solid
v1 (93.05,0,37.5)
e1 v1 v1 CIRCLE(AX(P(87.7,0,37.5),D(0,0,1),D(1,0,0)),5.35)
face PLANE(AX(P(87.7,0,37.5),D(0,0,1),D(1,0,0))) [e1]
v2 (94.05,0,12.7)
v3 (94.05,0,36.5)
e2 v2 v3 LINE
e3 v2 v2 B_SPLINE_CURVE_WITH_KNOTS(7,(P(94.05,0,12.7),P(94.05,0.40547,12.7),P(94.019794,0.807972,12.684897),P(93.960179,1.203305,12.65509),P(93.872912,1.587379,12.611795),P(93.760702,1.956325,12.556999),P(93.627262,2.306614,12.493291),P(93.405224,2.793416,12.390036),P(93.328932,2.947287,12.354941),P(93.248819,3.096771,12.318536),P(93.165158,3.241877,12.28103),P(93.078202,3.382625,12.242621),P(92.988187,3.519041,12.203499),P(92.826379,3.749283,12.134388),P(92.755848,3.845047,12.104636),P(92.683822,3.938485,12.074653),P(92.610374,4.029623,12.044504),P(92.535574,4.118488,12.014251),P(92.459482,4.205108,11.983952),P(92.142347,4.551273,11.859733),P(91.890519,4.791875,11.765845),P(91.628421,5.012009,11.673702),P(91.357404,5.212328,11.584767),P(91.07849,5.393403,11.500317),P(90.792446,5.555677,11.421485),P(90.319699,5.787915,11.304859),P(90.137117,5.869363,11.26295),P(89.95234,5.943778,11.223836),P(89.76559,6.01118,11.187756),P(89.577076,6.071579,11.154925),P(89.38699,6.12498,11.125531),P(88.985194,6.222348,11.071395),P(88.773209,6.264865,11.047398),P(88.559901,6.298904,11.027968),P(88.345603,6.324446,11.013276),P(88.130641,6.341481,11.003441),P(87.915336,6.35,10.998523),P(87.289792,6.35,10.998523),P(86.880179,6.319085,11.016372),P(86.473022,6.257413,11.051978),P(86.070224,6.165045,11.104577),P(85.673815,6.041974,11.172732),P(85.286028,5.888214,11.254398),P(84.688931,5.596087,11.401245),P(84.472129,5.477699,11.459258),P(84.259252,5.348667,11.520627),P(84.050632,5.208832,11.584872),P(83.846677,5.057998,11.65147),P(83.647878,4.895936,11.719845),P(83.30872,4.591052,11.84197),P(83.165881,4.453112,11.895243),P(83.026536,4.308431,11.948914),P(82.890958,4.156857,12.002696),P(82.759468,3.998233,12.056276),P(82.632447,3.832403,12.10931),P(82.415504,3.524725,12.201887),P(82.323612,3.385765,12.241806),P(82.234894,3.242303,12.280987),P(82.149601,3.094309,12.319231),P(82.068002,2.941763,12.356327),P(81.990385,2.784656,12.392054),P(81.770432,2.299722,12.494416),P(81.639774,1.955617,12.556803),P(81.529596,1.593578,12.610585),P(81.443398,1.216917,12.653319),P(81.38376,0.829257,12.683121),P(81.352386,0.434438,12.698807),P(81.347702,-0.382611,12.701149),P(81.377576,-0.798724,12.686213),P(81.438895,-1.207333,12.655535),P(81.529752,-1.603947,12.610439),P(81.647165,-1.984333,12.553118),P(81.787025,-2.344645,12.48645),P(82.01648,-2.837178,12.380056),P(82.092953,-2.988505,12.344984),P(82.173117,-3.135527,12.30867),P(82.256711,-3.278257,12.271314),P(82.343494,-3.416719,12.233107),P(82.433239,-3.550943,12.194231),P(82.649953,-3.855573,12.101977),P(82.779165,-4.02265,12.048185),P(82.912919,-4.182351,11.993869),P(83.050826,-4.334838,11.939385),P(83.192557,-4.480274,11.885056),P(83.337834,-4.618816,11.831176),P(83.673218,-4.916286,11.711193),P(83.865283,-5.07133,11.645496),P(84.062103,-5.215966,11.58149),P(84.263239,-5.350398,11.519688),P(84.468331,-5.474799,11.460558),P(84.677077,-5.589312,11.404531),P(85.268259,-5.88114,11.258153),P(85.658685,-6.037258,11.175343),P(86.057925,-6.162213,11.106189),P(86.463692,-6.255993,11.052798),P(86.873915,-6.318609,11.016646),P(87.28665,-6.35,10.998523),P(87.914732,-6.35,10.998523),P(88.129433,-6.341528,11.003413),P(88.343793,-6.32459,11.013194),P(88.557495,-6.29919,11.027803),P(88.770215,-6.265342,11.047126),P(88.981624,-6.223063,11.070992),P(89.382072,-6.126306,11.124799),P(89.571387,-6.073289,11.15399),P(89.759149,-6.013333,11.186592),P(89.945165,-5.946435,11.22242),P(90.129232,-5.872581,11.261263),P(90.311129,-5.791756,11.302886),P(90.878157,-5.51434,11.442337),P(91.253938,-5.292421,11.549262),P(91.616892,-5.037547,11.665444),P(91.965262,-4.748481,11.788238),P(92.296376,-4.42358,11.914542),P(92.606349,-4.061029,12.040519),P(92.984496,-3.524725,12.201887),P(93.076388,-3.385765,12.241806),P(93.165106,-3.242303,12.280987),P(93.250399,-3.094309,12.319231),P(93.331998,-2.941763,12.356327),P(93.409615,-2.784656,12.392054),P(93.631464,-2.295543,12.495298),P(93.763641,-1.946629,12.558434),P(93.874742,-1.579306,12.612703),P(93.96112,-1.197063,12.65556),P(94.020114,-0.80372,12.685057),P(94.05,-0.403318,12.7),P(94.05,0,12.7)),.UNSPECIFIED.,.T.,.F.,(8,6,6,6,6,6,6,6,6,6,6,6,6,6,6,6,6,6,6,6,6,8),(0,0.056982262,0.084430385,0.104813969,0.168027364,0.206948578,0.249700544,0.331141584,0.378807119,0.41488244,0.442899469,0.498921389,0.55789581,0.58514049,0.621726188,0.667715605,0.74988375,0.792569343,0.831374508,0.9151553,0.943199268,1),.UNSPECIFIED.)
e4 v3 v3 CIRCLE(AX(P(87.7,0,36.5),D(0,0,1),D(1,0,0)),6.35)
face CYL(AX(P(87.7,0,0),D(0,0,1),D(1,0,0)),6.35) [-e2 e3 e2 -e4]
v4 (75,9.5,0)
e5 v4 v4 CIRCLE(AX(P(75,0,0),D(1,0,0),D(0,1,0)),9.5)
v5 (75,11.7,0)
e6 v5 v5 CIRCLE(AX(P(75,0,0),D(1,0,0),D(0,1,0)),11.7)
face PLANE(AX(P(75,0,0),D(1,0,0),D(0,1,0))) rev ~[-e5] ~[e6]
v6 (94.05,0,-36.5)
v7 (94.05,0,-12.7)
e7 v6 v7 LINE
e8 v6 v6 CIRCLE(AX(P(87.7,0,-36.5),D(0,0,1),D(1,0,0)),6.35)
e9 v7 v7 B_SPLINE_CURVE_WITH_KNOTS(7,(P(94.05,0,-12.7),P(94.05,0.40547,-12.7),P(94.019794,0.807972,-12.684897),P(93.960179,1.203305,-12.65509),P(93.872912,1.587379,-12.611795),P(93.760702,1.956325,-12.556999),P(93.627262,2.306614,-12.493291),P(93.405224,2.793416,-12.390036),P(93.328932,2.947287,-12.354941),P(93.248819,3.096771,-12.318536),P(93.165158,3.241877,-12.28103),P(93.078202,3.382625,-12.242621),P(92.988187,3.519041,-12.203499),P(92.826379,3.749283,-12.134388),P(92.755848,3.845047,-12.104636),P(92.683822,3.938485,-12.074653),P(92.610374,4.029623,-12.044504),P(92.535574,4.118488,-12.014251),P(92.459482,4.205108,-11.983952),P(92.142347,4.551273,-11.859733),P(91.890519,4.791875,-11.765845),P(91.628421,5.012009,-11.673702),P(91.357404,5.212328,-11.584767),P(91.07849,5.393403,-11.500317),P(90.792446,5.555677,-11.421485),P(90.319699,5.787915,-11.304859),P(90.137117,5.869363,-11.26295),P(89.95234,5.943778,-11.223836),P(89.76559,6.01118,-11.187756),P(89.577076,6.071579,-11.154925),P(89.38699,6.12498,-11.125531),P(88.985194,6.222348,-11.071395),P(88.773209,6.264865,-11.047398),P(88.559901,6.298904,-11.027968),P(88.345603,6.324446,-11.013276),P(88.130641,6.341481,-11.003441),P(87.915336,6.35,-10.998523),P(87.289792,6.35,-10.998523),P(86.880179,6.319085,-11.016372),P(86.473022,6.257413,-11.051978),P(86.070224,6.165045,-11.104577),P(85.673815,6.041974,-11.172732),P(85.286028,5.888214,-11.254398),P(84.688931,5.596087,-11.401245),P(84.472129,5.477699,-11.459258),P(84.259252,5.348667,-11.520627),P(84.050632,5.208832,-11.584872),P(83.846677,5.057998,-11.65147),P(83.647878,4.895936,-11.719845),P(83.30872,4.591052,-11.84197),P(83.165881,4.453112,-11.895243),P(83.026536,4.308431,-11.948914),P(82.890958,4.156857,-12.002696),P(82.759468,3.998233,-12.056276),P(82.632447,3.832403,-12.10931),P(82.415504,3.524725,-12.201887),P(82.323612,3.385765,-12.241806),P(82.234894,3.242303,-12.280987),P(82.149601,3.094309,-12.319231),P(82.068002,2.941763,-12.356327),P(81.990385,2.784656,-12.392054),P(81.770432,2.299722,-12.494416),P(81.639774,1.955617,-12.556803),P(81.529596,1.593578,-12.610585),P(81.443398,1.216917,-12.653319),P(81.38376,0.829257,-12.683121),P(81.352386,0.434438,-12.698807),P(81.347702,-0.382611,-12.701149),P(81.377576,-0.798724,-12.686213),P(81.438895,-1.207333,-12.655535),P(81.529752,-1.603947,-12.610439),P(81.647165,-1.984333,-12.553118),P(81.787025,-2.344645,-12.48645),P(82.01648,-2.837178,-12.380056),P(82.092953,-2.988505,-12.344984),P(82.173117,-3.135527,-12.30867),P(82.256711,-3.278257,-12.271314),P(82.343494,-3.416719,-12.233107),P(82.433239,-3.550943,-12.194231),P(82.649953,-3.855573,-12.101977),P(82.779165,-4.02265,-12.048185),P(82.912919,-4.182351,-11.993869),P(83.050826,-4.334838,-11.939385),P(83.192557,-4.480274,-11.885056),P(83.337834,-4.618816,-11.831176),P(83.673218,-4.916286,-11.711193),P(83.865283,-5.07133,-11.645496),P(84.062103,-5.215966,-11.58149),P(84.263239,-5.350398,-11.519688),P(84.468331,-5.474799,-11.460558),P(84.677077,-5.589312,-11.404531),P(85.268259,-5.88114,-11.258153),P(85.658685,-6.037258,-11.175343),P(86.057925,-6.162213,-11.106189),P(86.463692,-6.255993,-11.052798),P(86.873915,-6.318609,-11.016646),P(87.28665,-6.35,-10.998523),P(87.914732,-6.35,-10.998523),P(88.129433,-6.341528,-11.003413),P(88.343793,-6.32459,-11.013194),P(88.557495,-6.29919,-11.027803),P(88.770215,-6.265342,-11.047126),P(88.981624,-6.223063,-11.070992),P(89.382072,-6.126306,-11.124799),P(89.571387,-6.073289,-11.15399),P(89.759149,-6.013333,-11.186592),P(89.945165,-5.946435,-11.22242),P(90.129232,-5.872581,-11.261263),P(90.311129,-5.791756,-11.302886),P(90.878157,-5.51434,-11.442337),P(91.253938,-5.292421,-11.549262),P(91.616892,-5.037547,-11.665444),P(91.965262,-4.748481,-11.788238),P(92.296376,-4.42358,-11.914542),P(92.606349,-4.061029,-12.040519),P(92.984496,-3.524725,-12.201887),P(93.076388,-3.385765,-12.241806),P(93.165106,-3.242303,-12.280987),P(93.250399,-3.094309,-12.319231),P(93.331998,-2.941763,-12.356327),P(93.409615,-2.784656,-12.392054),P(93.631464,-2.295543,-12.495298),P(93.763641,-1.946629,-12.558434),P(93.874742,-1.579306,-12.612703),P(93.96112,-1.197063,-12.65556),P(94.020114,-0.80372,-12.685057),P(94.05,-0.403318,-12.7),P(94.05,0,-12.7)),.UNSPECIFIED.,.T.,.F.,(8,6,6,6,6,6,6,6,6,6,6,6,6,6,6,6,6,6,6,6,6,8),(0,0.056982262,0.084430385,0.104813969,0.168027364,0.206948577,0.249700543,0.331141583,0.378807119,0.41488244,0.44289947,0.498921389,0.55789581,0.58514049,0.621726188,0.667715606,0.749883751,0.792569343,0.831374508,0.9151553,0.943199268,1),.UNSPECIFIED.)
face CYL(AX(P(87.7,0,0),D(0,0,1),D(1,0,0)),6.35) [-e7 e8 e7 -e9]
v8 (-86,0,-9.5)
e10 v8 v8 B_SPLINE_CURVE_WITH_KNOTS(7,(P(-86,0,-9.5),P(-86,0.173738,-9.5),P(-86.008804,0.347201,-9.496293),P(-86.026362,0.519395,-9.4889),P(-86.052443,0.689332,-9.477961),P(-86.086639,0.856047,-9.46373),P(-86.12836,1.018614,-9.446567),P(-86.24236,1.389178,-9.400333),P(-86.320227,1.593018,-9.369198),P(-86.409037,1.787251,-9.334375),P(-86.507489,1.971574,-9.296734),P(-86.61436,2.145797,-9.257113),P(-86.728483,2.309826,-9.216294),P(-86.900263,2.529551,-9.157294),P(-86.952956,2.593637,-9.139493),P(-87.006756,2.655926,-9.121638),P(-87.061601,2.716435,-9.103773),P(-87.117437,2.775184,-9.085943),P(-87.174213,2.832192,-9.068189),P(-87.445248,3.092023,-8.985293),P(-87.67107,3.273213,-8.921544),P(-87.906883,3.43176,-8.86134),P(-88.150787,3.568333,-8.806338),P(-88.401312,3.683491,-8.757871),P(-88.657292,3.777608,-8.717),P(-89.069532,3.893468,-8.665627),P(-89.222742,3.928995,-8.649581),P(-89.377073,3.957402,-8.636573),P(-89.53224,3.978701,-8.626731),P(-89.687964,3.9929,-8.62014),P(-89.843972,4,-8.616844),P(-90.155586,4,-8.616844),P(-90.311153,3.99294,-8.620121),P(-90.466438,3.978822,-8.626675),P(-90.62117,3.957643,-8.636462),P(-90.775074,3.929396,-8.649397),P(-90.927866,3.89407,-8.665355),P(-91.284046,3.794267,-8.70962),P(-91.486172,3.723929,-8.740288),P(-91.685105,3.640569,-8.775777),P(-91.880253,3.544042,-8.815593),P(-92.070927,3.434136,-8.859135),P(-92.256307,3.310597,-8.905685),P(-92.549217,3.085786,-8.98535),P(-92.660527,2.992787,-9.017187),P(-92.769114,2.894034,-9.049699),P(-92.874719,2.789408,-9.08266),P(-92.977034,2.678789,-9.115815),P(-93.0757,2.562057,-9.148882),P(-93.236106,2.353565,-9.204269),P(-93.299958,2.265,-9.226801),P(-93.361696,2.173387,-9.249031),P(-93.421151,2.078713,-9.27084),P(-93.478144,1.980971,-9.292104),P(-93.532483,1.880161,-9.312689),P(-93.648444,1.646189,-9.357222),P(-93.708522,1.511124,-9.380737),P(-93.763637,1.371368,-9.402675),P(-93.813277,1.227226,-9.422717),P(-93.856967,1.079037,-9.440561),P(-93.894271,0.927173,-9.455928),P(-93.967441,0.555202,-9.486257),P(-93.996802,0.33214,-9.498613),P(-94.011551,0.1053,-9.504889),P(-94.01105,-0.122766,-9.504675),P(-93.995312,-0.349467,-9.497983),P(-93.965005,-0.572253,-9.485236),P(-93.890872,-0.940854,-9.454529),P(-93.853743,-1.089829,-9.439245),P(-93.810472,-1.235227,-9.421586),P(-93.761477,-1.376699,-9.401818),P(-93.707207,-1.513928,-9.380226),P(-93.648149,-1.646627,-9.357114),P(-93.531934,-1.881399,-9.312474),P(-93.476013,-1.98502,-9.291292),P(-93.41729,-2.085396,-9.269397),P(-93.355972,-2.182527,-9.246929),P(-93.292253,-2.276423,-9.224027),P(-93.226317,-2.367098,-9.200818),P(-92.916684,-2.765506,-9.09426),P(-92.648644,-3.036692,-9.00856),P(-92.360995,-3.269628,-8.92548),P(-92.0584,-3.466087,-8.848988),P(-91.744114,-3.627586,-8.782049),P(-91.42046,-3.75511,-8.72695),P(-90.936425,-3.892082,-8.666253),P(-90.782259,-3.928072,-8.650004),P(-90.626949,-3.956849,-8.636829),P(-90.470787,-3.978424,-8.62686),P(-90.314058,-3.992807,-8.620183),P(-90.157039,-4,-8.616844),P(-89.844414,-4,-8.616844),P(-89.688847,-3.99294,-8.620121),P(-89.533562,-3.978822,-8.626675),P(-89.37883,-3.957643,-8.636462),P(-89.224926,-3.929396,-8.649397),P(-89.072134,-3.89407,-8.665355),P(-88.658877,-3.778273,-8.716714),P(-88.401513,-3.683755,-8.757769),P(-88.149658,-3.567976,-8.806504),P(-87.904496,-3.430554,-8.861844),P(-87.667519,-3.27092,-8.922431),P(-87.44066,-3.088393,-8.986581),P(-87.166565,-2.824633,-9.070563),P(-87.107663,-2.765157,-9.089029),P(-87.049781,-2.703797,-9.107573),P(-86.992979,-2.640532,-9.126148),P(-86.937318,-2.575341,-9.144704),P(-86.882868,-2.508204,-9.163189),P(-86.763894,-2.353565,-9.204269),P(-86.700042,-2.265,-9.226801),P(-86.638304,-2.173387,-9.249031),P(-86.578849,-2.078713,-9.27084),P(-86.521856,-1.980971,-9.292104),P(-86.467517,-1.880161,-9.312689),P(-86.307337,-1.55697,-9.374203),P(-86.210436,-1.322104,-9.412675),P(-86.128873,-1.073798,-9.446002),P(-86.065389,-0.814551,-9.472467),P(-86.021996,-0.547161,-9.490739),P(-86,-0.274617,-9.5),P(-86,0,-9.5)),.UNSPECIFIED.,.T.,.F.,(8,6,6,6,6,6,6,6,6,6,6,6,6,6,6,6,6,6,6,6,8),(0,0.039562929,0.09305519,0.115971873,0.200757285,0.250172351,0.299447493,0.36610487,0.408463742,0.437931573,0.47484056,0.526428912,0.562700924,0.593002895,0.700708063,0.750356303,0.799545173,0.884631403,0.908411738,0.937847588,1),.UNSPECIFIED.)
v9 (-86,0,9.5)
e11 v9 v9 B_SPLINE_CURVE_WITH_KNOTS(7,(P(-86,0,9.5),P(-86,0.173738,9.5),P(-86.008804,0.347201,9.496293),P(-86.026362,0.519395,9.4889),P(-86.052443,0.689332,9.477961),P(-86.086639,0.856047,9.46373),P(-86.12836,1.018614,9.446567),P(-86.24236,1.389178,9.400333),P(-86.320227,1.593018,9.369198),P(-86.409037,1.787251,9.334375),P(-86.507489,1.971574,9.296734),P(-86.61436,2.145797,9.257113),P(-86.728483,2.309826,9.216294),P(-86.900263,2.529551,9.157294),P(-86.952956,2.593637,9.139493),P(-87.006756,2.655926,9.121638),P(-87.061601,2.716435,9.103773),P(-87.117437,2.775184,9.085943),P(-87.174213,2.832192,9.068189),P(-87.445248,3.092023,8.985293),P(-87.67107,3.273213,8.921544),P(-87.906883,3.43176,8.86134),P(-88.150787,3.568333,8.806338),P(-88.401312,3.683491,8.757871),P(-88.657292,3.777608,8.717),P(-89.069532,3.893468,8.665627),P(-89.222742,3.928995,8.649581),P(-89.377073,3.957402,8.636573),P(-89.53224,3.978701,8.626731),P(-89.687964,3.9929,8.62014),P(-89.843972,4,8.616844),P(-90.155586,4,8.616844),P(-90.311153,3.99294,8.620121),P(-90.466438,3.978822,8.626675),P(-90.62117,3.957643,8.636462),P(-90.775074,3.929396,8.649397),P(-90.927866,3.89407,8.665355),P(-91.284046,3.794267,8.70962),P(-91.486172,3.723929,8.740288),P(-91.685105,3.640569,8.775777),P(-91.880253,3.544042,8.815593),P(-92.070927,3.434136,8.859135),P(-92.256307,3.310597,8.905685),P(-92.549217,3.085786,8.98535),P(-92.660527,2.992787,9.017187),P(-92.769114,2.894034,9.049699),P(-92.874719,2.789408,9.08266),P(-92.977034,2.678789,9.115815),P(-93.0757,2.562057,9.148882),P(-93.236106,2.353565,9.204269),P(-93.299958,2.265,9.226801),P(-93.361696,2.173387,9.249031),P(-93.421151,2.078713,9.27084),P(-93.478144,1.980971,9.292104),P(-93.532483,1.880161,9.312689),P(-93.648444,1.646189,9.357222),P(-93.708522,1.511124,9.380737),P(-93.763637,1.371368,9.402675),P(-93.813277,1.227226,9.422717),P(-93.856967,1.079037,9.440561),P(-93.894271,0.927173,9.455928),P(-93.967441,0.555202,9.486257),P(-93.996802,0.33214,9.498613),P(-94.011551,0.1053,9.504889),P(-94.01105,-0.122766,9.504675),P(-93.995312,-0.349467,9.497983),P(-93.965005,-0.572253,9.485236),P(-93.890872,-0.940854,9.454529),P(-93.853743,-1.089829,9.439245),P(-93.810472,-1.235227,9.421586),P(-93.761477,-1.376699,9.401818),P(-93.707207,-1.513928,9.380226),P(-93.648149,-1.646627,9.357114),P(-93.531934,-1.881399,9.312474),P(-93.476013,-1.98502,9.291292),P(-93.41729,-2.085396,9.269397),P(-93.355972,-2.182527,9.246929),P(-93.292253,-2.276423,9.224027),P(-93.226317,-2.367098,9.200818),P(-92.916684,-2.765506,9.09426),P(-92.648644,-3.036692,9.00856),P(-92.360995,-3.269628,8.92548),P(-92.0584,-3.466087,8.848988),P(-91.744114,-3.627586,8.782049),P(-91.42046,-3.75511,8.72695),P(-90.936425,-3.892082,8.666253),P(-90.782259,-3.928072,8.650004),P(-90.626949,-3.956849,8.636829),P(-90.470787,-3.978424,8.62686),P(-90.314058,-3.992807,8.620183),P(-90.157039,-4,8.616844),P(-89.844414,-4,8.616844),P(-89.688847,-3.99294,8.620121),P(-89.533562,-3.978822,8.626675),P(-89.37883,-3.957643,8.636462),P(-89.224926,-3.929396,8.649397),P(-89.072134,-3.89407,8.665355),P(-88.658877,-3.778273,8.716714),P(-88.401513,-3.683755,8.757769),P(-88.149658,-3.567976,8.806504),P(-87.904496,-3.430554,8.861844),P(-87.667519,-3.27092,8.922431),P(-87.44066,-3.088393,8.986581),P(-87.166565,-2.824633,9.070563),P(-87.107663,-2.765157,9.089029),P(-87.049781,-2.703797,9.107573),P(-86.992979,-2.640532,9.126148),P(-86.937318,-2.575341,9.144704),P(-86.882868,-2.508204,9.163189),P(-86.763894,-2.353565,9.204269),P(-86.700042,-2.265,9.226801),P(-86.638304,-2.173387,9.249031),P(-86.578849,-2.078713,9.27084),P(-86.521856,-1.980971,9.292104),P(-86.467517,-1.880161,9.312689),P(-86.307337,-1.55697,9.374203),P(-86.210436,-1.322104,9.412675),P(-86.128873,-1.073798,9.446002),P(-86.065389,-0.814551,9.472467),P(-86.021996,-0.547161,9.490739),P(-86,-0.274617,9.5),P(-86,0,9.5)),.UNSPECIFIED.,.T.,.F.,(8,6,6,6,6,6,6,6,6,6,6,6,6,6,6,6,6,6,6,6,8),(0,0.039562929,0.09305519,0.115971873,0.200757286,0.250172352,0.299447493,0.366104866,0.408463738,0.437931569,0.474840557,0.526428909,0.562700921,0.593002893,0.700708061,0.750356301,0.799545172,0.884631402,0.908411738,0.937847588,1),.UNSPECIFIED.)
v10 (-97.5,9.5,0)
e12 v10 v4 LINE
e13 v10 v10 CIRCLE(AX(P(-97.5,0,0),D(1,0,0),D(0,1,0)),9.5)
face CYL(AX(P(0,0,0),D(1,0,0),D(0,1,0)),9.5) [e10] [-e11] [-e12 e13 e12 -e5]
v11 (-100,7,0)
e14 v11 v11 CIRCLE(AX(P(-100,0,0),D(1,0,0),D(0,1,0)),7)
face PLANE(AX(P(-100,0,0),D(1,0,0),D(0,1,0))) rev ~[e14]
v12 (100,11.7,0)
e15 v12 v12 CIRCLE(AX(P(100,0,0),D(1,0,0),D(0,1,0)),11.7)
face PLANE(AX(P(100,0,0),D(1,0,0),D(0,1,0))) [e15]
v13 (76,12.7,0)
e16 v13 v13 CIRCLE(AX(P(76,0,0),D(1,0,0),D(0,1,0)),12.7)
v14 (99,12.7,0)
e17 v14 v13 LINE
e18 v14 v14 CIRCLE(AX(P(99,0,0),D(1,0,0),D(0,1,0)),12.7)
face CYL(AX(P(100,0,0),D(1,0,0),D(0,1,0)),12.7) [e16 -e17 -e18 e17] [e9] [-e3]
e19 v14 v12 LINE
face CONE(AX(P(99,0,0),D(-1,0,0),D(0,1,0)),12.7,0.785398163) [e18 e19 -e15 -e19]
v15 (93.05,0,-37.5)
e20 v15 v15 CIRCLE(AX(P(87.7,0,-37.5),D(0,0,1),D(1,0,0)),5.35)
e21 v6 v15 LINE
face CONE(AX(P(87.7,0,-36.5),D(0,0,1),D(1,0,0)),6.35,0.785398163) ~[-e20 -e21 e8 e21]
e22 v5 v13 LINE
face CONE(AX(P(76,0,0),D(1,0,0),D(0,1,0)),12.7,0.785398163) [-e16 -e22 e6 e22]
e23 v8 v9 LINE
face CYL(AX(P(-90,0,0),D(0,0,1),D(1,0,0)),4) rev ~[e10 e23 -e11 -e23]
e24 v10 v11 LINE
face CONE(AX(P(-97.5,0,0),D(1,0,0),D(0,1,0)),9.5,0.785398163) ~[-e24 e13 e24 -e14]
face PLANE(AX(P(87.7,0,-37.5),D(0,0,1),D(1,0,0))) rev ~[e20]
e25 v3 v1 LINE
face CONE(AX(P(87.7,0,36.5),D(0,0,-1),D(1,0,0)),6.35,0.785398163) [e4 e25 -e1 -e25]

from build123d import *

# Parameters (mm, degrees)
F0_R     = 9.5
F1_DEPTH = 100
F2_R     = 12.7
F2_R_2   = 9.5
F3_DEPTH = 25
F4_R     = 6.35
F5_DEPTH = 37.5
F4_R_2   = 4
F6_DEPTH = 12.5
F7_SIZE  = 2.5
F8_SIZE  = 1


with BuildPart() as f1:
    # F0 (on Right) → F1 (new body, symmetric)
    with BuildSketch(Plane.YZ):
        Circle(F0_R)
    extrude(amount=F1_DEPTH, both=True)

    # F2 (on face) → F3 (join)
    with BuildSketch(Plane.YZ.offset(100)):
        Circle(F2_R)
        Circle(F2_R_2, mode=Mode.SUBTRACT)
    extrude(amount=-F3_DEPTH)

    # F4 (on Top) → F5 (join, symmetric)
    with BuildSketch(Plane.XY):
        with Locations((87.7, 0)):
            Circle(F4_R)
    extrude(amount=F5_DEPTH, both=True)

    # F4 (on Top) → F6 (cut, symmetric)
    with BuildSketch(Plane.XY):
        with Locations((-90, 0)):
            Circle(F4_R_2)
    extrude(amount=F6_DEPTH, both=True, mode=Mode.SUBTRACT)

    # F7
    f7_edges = [f1.edges().sort_by_distance(p)[0] for p in [
        (-100, -9.5, 0),
    ]]
    chamfer(f7_edges, length=F7_SIZE)

    # F8
    f8_edges = [f1.edges().sort_by_distance(p)[0] for p in [
        (75, -12.7, 0),
        (100, -12.7, 0),
        (81.35, 0, -37.5),
        (81.35, 0, 37.5),
    ]]
    chamfer(f8_edges, length=F8_SIZE)


solid = f1.part
